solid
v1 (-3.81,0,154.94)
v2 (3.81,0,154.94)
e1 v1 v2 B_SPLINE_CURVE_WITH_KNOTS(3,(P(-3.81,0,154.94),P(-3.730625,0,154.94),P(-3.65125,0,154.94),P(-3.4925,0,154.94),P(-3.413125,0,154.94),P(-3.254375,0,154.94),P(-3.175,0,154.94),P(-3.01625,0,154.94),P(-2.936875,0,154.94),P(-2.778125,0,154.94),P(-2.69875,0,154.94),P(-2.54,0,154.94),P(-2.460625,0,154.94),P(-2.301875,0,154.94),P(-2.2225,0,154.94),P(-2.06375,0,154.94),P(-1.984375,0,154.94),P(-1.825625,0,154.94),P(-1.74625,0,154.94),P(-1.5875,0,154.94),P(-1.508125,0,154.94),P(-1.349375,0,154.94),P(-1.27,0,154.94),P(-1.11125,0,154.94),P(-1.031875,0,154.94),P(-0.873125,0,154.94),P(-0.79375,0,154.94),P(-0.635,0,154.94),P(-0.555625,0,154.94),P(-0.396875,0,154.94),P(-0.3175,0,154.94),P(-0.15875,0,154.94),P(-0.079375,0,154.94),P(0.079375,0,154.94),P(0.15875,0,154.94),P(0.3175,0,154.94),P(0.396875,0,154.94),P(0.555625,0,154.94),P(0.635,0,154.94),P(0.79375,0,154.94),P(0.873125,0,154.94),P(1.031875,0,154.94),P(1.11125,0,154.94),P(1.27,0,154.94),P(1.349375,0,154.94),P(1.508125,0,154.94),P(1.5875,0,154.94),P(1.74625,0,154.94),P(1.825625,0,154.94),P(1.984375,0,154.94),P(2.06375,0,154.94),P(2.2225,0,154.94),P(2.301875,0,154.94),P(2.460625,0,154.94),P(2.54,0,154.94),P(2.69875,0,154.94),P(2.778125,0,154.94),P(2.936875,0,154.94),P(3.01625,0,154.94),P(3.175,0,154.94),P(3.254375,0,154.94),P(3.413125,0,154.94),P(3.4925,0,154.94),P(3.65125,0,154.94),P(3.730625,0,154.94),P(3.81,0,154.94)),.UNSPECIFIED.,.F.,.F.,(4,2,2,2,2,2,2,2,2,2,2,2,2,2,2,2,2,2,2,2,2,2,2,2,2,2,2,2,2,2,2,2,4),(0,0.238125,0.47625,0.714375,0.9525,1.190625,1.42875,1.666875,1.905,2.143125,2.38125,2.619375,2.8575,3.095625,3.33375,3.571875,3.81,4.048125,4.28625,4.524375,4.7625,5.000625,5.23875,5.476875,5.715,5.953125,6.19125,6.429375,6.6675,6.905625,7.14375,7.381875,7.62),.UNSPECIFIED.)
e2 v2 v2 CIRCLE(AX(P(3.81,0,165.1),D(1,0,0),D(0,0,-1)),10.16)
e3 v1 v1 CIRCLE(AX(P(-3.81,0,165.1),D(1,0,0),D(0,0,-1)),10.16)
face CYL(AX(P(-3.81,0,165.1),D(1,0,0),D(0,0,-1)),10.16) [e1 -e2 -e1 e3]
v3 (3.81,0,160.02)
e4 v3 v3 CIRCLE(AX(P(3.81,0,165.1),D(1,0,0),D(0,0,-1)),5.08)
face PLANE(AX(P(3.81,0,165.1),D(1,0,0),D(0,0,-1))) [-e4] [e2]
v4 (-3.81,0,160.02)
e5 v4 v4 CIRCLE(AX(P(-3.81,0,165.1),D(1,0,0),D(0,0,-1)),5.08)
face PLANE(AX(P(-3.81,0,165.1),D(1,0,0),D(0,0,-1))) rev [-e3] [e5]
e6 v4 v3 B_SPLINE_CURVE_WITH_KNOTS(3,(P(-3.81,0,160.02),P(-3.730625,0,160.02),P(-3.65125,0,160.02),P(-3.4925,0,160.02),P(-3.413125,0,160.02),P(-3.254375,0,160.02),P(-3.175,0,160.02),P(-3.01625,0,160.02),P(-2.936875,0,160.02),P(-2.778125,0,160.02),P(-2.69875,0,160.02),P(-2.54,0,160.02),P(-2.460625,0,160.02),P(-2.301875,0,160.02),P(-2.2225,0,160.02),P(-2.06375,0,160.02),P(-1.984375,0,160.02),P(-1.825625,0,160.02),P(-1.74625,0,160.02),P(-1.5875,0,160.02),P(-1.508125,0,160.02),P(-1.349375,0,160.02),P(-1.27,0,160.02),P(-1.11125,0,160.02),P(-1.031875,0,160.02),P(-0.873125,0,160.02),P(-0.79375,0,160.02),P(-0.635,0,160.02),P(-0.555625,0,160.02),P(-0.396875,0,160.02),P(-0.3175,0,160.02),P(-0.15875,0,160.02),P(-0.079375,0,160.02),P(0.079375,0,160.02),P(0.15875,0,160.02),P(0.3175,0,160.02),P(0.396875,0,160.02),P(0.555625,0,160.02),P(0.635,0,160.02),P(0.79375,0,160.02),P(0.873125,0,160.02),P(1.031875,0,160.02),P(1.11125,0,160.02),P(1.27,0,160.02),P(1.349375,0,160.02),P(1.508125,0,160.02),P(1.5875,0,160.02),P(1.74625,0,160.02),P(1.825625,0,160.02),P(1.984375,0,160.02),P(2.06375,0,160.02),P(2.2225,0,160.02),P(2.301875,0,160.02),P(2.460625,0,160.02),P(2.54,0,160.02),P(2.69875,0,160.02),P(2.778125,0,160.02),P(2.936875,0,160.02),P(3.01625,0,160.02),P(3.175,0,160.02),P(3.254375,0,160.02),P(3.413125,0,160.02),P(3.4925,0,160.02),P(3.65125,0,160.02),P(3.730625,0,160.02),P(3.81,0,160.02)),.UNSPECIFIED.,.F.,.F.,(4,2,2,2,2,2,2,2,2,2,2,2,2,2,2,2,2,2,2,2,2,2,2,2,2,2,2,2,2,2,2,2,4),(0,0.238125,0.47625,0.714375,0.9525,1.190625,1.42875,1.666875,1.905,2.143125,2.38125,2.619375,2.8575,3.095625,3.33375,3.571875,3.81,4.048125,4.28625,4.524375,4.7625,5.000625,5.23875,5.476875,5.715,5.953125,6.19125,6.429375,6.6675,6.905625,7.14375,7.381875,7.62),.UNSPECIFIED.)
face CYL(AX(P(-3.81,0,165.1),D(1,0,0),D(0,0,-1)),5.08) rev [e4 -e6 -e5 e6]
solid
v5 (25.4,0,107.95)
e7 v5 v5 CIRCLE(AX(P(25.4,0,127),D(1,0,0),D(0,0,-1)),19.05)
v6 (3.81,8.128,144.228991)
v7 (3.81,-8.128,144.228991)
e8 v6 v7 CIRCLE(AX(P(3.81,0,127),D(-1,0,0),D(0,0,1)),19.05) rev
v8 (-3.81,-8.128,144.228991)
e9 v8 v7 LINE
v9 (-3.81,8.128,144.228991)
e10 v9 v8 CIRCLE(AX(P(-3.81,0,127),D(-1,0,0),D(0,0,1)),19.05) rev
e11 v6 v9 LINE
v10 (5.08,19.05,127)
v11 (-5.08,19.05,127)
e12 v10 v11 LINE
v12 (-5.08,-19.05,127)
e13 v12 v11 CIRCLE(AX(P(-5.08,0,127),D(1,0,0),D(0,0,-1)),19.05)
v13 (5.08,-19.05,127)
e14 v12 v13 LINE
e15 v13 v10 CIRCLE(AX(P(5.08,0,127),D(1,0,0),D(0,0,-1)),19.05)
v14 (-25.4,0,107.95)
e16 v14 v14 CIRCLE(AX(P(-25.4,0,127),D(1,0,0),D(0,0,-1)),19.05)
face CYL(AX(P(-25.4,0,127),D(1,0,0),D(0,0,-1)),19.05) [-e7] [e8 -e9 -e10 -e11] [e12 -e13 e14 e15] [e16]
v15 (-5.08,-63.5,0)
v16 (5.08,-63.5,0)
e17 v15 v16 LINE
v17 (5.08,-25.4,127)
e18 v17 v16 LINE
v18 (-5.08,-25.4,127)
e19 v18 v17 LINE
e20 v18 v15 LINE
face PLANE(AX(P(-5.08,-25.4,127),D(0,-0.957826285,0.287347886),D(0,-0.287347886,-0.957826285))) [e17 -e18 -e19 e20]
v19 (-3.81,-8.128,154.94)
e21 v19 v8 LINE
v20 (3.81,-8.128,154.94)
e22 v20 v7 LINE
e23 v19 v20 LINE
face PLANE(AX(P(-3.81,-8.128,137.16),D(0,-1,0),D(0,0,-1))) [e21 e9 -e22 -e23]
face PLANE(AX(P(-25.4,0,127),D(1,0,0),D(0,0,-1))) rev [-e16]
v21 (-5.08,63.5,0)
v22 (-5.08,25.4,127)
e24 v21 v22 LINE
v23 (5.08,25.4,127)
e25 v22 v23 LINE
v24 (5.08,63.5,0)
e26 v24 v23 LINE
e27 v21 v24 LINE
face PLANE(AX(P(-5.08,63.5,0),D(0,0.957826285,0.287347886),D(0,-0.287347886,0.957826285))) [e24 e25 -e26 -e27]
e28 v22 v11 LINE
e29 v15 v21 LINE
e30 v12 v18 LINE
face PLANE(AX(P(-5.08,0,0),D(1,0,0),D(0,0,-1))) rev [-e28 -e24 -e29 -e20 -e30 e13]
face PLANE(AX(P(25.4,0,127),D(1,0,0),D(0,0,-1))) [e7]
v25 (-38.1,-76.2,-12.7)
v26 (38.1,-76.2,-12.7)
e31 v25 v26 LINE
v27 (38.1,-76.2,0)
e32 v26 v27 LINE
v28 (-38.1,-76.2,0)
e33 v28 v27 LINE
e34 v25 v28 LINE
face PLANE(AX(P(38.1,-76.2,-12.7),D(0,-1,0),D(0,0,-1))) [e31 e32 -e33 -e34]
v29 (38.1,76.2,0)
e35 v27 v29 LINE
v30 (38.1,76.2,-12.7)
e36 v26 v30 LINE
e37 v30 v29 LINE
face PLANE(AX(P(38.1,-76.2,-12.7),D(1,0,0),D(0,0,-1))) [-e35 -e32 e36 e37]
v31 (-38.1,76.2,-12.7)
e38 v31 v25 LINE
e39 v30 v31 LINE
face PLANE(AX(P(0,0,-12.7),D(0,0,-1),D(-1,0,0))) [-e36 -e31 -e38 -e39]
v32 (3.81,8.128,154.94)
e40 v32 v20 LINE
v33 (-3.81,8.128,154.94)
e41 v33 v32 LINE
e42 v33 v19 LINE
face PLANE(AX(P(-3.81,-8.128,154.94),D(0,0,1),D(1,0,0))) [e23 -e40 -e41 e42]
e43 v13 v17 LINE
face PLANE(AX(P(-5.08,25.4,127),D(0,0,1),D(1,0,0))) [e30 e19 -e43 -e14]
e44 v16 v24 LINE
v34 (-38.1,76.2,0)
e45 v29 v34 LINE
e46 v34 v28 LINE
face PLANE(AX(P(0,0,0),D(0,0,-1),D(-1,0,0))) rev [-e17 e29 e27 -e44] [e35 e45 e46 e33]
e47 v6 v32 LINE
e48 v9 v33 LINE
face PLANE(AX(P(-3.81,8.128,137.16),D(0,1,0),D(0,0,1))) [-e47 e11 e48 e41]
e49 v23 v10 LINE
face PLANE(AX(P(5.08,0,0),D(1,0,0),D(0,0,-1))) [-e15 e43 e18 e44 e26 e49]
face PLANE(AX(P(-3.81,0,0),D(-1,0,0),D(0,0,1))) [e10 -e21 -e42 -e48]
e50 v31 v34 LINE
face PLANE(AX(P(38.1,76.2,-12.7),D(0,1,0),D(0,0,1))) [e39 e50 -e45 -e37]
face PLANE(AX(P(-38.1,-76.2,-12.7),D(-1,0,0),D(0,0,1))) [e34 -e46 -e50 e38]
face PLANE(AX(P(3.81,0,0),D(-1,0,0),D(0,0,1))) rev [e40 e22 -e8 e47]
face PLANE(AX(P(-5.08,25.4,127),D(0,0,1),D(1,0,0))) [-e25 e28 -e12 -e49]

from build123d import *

# Parameters (mm, degrees)
BASE_PLATE_SKETCH_W         = 152.4
BASE_PLATE_SKETCH_H         = 76.2
BASE_PLATE_DEPTH            = 12.7
A_FRAME_BODY_DEPTH          = 5.08
A_FRAME_BODY_DEPTH_BACK     = 5.08
BEARING_HOUSING_DEPTH       = 25.4
BEARING_HOUSING_DEPTH_BACK  = 25.4
BEARING_HOUSING_SKETCH_R    = 19.05
LIFTING_EYELET_DEPTH        = 3.81
LIFTING_EYELET_DEPTH_BACK   = 3.81
LIFTING_EYELET_SKETCH_R     = 10.16
LIFTING_EYELET_SKETCH_R_2   = 5.08
EYELET_CONNECTOR_DEPTH      = 3.81
EYELET_CONNECTOR_DEPTH_BACK = 3.81
EYELET_CONNECTOR_SKETCH_W   = 16.256
EYELET_CONNECTOR_SKETCH_H   = 17.78


with BuildPart() as part:
    # Base Plate Sketch → Base Plate (new body)
    with BuildSketch(Plane(origin=(0, 0, 0), x_dir=(0, 1, 0), z_dir=(0, 0, 1))):
        Rectangle(BASE_PLATE_SKETCH_W, BASE_PLATE_SKETCH_H)
    extrude(amount=-BASE_PLATE_DEPTH)

    # A-Frame Sketch → A-Frame Body (add, two sides: drawn at the far end of the back side and taken through both)
    with BuildSketch(Plane.YZ.offset(-A_FRAME_BODY_DEPTH_BACK)):
        Polygon((-63.5, 0), (63.5, 0), (25.4, 127), (-25.4, 127), align=None)
    extrude(amount=A_FRAME_BODY_DEPTH + A_FRAME_BODY_DEPTH_BACK)

    # Bearing Housing Sketch → Bearing Housing (add, two sides: drawn at the far end of the back side and taken through both)
    with BuildSketch(Plane.YZ.offset(-BEARING_HOUSING_DEPTH_BACK)):
        with Locations(Location((0, 127, 0), (0, 0, 270))):
            Circle(BEARING_HOUSING_SKETCH_R)
    extrude(amount=BEARING_HOUSING_DEPTH + BEARING_HOUSING_DEPTH_BACK)

    # Eyelet Connector Sketch → Eyelet Connector (add, two sides: drawn at the far end of the back side and taken through both)
    with BuildSketch(Plane.YZ.offset(-EYELET_CONNECTOR_DEPTH_BACK)):
        with Locations((0, 146.05)):
            Rectangle(EYELET_CONNECTOR_SKETCH_W, EYELET_CONNECTOR_SKETCH_H)
    extrude(amount=EYELET_CONNECTOR_DEPTH + EYELET_CONNECTOR_DEPTH_BACK)


with BuildPart() as body_2:
    # Lifting Eyelet Sketch → Lifting Eyelet (new, two sides: drawn at the far end of the back side and taken through both)
    with BuildSketch(Plane.YZ.offset(-LIFTING_EYELET_DEPTH_BACK)):
        with Locations(Location((0, 165.1, 0), (0, 0, 270))):
            Circle(LIFTING_EYELET_SKETCH_R)
        with Locations(Location((0, 165.1, 0), (0, 0, 270))):
            Circle(LIFTING_EYELET_SKETCH_R_2, mode=Mode.SUBTRACT)
    extrude(amount=LIFTING_EYELET_DEPTH + LIFTING_EYELET_DEPTH_BACK)


solid = Compound([part.part, body_2.part])
